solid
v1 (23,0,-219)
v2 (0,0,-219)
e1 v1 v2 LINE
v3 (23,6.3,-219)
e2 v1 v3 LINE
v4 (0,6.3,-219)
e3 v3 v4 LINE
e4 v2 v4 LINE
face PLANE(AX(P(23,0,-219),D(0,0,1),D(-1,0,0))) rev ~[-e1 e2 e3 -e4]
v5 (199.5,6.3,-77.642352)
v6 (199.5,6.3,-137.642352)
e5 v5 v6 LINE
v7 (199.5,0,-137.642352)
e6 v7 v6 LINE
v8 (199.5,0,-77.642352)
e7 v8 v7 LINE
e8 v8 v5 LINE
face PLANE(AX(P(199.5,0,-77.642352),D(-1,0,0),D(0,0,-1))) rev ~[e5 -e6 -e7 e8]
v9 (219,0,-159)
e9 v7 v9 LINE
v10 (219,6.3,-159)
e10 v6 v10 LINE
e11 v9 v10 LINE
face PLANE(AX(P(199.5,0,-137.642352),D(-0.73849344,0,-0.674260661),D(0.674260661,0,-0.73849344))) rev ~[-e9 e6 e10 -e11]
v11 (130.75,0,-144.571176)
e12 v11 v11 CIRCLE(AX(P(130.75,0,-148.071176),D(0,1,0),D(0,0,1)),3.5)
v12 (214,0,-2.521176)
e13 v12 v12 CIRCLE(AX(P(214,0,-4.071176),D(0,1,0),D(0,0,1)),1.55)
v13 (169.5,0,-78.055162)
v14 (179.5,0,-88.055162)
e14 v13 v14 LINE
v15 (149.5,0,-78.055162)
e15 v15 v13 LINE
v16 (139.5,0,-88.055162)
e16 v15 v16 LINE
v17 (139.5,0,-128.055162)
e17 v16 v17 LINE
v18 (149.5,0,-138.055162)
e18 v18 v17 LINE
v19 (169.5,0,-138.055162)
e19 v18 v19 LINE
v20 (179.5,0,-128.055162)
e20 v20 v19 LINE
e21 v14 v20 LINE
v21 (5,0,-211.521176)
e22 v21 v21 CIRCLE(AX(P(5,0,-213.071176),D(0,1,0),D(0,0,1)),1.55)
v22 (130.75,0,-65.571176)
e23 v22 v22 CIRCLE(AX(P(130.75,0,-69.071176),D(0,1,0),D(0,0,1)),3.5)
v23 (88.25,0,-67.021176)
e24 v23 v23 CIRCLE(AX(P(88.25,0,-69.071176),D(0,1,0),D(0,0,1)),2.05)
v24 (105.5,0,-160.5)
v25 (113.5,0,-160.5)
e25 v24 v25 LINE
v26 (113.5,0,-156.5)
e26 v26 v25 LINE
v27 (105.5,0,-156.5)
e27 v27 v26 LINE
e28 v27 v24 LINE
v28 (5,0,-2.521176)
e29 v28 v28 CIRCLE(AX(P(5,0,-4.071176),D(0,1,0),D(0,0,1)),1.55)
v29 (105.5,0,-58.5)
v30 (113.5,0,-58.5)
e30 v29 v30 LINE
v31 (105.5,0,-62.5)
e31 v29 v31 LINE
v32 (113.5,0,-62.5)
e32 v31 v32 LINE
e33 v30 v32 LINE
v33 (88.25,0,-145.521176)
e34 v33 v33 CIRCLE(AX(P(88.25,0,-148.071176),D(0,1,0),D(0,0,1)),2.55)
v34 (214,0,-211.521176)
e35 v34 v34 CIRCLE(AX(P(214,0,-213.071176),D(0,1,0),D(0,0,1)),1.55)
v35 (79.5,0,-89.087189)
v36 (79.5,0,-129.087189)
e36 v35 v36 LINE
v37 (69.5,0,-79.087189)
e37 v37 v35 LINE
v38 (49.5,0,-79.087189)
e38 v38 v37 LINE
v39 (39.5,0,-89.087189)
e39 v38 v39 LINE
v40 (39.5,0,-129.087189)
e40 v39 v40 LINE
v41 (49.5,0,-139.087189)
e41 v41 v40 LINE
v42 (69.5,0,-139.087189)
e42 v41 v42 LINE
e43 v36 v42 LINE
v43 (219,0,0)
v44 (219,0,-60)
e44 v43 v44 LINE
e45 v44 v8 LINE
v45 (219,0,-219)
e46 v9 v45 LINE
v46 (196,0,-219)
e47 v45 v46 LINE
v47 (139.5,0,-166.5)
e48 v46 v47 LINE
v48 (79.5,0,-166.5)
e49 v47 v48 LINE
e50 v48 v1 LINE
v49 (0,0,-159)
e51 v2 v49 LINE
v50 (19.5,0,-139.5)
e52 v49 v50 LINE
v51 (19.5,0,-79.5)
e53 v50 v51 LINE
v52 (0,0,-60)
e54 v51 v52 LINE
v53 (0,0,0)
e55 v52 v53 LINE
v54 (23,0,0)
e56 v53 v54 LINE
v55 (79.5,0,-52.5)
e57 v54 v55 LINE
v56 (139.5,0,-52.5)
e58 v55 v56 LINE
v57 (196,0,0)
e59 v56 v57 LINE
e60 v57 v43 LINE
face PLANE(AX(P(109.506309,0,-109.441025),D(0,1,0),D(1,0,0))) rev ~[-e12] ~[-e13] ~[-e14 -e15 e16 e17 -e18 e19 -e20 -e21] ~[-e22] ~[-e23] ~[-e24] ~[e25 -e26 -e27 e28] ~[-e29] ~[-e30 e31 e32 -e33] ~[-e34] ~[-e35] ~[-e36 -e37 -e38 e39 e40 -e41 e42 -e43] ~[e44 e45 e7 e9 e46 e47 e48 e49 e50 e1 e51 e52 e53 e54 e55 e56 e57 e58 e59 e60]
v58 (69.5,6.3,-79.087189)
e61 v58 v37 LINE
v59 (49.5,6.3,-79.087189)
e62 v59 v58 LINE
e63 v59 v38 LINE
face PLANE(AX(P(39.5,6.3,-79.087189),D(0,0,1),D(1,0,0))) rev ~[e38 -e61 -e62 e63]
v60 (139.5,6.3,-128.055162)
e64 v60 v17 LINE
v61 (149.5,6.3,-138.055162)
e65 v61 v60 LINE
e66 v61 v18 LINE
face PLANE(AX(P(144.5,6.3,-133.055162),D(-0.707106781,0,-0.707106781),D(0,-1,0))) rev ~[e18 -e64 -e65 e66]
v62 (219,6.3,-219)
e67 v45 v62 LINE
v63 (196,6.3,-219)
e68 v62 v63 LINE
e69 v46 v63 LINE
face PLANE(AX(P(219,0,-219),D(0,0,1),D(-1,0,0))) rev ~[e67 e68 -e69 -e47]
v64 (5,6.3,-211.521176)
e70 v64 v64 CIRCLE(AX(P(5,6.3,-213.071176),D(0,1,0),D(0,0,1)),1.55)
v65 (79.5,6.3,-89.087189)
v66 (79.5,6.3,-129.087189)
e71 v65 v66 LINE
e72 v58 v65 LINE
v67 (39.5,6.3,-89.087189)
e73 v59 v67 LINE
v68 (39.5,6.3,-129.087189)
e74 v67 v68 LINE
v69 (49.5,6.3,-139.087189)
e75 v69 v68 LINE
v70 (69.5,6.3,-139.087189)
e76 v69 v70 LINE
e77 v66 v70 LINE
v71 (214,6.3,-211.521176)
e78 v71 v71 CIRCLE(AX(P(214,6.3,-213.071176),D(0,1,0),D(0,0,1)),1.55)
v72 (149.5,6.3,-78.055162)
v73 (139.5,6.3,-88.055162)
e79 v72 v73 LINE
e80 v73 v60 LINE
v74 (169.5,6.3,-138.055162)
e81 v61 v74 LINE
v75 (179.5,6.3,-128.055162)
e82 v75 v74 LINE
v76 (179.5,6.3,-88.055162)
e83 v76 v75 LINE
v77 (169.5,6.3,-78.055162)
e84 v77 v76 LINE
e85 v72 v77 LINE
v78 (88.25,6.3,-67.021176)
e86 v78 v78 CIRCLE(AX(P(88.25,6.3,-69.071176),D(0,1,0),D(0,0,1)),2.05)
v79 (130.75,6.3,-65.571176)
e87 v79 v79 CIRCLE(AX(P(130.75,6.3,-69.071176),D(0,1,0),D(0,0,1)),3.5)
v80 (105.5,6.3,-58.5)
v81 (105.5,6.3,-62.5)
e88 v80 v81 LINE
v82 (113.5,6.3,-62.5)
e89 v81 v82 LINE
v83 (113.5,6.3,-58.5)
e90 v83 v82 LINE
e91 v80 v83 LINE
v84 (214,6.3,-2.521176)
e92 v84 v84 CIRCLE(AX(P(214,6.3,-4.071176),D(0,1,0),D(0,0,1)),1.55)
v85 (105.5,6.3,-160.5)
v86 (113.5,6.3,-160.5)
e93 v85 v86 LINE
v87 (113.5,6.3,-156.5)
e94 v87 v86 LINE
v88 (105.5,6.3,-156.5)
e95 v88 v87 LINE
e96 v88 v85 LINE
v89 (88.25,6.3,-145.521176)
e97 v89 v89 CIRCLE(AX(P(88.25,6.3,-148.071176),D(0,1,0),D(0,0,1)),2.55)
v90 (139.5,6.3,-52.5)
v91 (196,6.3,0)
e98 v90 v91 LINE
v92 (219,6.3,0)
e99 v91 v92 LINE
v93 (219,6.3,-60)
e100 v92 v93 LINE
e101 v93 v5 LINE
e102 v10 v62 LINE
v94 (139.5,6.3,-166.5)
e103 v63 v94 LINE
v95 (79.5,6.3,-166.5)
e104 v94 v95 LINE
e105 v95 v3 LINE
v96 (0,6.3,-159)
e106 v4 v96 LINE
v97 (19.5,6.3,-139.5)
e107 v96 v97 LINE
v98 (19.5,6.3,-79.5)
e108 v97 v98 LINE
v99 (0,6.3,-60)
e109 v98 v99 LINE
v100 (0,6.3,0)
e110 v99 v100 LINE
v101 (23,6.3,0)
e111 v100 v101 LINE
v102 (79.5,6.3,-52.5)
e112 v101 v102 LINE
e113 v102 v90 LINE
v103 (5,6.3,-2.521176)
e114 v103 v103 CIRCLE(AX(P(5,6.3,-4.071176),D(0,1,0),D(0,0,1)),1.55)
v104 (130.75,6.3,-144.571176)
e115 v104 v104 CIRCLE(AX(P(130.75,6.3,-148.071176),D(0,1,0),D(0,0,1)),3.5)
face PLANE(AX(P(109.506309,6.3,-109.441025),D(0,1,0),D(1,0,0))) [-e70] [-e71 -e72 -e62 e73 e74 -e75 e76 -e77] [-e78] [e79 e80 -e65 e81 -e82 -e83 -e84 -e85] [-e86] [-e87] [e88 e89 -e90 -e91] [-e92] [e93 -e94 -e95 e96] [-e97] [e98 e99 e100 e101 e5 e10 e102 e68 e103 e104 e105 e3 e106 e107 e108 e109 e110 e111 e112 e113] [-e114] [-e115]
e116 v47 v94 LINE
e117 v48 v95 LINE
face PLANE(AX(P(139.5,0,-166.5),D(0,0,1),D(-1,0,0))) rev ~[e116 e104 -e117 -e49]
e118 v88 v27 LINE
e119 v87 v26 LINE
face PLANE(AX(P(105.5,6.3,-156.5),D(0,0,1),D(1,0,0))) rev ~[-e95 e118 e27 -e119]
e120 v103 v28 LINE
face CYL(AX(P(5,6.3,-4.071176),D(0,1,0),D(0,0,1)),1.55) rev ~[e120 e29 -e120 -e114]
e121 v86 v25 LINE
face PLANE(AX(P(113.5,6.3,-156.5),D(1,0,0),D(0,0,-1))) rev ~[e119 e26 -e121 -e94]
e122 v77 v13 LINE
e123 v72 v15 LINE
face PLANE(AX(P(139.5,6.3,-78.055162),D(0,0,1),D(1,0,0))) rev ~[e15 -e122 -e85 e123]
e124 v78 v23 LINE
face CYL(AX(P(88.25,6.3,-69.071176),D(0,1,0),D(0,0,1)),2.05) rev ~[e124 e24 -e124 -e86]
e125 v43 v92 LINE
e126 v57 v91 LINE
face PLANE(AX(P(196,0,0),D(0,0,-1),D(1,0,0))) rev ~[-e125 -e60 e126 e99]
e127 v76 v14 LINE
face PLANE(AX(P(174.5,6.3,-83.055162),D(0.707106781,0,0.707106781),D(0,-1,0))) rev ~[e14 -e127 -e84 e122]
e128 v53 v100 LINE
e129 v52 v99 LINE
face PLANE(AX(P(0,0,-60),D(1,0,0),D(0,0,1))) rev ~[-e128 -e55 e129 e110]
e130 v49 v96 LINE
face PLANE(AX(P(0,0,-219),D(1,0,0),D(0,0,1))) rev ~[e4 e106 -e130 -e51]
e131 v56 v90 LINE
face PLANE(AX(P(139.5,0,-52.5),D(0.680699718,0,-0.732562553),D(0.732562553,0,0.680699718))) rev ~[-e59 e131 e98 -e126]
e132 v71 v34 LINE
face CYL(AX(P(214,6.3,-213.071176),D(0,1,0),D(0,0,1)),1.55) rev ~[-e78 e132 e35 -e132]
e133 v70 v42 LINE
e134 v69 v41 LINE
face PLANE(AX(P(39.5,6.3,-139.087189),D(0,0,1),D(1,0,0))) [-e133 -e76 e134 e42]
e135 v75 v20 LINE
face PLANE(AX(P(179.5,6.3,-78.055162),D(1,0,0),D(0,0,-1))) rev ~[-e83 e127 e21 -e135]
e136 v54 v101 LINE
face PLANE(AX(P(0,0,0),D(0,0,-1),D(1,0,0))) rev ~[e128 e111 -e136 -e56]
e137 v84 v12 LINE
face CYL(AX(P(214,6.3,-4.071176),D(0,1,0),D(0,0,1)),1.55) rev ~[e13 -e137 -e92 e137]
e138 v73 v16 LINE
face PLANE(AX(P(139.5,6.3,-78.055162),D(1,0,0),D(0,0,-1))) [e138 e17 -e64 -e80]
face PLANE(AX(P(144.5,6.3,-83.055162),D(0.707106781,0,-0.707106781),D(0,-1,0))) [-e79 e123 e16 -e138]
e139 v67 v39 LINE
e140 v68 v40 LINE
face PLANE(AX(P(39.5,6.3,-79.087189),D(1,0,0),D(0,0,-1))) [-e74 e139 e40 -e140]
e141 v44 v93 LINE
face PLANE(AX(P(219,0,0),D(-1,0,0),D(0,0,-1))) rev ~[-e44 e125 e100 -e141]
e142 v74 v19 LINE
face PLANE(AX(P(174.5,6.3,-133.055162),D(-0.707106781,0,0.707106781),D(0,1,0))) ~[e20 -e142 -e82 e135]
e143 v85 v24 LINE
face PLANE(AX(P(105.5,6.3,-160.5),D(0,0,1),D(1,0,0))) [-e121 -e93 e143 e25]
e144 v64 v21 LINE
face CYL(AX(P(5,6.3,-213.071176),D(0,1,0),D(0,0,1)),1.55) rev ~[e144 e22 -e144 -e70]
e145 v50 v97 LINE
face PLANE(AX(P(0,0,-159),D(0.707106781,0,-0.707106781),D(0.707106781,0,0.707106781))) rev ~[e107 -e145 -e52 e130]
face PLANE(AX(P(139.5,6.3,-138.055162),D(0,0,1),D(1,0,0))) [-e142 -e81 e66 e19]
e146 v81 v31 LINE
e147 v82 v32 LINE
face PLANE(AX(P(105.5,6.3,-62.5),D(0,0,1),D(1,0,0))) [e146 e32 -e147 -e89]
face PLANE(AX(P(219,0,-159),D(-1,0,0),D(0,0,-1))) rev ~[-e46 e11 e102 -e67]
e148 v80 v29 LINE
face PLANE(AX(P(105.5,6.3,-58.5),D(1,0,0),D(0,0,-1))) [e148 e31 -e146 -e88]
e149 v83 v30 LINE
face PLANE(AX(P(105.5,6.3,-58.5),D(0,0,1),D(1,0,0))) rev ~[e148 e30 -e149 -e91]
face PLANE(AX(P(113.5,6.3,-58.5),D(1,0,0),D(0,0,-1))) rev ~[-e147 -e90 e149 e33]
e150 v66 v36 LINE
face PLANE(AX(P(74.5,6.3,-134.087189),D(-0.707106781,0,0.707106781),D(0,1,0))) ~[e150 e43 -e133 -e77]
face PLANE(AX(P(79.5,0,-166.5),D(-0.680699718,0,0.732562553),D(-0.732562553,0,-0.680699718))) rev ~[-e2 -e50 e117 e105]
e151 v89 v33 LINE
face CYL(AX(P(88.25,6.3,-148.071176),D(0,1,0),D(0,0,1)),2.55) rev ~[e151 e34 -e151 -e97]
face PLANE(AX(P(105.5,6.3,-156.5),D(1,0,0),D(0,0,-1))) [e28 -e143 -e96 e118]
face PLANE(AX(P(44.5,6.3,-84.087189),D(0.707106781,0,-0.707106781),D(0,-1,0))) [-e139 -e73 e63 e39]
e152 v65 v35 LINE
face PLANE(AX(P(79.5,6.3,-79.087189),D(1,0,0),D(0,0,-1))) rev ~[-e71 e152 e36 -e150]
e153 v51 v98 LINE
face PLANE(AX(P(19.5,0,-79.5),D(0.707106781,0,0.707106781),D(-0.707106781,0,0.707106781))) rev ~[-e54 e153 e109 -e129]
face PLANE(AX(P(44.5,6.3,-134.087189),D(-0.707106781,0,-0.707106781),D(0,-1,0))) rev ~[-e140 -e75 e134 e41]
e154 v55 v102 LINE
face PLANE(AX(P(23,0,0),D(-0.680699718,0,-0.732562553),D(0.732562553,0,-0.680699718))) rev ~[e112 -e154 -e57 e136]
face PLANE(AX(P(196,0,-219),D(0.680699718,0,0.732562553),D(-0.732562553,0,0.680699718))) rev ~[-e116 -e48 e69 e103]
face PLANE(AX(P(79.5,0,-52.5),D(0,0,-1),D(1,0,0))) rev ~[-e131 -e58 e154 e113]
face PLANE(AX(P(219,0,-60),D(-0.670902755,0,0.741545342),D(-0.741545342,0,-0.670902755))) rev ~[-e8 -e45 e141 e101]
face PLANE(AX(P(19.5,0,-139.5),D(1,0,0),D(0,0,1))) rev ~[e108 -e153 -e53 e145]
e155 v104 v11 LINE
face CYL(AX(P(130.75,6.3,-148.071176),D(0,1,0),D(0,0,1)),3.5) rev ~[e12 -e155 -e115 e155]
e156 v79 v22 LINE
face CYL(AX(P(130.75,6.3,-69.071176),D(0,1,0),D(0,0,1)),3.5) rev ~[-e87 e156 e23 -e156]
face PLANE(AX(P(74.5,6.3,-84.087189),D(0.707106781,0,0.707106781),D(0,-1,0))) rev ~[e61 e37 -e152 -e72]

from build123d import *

# Parameters (mm, degrees)
BOSS_EXTRUDE1_DEPTH = 6.3
SKETCH3_W           = 8
SKETCH3_H           = 4
SKETCH3_W_2         = 40
SKETCH3_H_2         = 60
CUT_EXTRUDE1_DEPTH  = 310.776839031
CHAMFER1_SIZE       = 10
SKETCH4_R           = 1.55
SKETCH4_R_2         = 2.55
SKETCH4_R_3         = 2.05
SKETCH4_R_4         = 3.5
CUT_EXTRUDE2_DEPTH  = 310.776839031


with BuildPart() as part:
    # Sketch1 → Boss-Extrude1 (new body)
    with BuildSketch(Plane(origin=(0, 0, 0), x_dir=(1, 0, 0), z_dir=(0, 1, 0))):
        Polygon((0, 0), (23, 0), (79.5, 52.5), (139.5, 52.5), (196, 0), (219, 0), (219, 60), (199.5, 77.642351694), (199.5, 137.642351694), (219, 159), (219, 219), (196, 219), (139.5, 166.5), (79.5, 166.5), (23, 219), (0, 219), (0, 159), (19.5, 139.5), (19.5, 79.5), (0, 60), align=None)
    extrude(amount=BOSS_EXTRUDE1_DEPTH)

    # Sketch3 → Cut-Extrude1 (cut, through all)
    with BuildSketch(Plane(origin=(0, 6.3, 0), x_dir=(1, 0, 0), z_dir=(0, 1, 0))):
        with Locations((109.5, 158.5)):
            Rectangle(SKETCH3_W, SKETCH3_H)
        with Locations((109.5, 60.5)):
            Rectangle(SKETCH3_W, SKETCH3_H)
        with Locations((59.5, 109.087189265)):
            Rectangle(SKETCH3_W_2, SKETCH3_H_2)
        with Locations((159.5, 108.055162429)):
            Rectangle(SKETCH3_W_2, SKETCH3_H_2)
    extrude(amount=-CUT_EXTRUDE1_DEPTH, mode=Mode.SUBTRACT)

    # Chamfer1
    chamfer1_edges = [part.edges().sort_by_distance(p)[0] for p in [
        (79.5, 3.15, -139.087189265),
        (79.5, 3.15, -79.087189265),
        (39.5, 3.15, -79.087189265),
        (39.5, 3.15, -139.087189265),
        (179.5, 3.15, -138.055162429),
        (179.5, 3.15, -78.055162429),
        (139.5, 3.15, -78.055162429),
        (139.5, 3.15, -138.055162429),
    ]]
    chamfer(chamfer1_edges, length=CHAMFER1_SIZE)

    # Sketch4 → Cut-Extrude2 (cut, through all)
    with BuildSketch(Plane(origin=(0, 6.3, 0), x_dir=(1, 0, 0), z_dir=(0, 1, 0))):
        with Locations(Location((5, 213.071175847, 0), (0, 0, 270))):
            Circle(SKETCH4_R)
        with Locations(Location((214, 213.071175847, 0), (0, 0, 270))):
            Circle(SKETCH4_R)
        with Locations(Location((214, 4.071175847, 0), (0, 0, 270))):
            Circle(SKETCH4_R)
        with Locations(Location((5, 4.071175847, 0), (0, 0, 270))):
            Circle(SKETCH4_R)
        with Locations(Location((88.25, 148.071175847, 0), (0, 0, 270))):
            Circle(SKETCH4_R_2)
        with Locations(Location((88.25, 69.071175847, 0), (0, 0, 270))):
            Circle(SKETCH4_R_3)
        with Locations(Location((130.75, 69.071175847, 0), (0, 0, 270))):
            Circle(SKETCH4_R_4)
        with Locations(Location((130.75, 148.071175847, 0), (0, 0, 270))):
            Circle(SKETCH4_R_4)
    extrude(amount=-CUT_EXTRUDE2_DEPTH, mode=Mode.SUBTRACT)


solid = part.part
